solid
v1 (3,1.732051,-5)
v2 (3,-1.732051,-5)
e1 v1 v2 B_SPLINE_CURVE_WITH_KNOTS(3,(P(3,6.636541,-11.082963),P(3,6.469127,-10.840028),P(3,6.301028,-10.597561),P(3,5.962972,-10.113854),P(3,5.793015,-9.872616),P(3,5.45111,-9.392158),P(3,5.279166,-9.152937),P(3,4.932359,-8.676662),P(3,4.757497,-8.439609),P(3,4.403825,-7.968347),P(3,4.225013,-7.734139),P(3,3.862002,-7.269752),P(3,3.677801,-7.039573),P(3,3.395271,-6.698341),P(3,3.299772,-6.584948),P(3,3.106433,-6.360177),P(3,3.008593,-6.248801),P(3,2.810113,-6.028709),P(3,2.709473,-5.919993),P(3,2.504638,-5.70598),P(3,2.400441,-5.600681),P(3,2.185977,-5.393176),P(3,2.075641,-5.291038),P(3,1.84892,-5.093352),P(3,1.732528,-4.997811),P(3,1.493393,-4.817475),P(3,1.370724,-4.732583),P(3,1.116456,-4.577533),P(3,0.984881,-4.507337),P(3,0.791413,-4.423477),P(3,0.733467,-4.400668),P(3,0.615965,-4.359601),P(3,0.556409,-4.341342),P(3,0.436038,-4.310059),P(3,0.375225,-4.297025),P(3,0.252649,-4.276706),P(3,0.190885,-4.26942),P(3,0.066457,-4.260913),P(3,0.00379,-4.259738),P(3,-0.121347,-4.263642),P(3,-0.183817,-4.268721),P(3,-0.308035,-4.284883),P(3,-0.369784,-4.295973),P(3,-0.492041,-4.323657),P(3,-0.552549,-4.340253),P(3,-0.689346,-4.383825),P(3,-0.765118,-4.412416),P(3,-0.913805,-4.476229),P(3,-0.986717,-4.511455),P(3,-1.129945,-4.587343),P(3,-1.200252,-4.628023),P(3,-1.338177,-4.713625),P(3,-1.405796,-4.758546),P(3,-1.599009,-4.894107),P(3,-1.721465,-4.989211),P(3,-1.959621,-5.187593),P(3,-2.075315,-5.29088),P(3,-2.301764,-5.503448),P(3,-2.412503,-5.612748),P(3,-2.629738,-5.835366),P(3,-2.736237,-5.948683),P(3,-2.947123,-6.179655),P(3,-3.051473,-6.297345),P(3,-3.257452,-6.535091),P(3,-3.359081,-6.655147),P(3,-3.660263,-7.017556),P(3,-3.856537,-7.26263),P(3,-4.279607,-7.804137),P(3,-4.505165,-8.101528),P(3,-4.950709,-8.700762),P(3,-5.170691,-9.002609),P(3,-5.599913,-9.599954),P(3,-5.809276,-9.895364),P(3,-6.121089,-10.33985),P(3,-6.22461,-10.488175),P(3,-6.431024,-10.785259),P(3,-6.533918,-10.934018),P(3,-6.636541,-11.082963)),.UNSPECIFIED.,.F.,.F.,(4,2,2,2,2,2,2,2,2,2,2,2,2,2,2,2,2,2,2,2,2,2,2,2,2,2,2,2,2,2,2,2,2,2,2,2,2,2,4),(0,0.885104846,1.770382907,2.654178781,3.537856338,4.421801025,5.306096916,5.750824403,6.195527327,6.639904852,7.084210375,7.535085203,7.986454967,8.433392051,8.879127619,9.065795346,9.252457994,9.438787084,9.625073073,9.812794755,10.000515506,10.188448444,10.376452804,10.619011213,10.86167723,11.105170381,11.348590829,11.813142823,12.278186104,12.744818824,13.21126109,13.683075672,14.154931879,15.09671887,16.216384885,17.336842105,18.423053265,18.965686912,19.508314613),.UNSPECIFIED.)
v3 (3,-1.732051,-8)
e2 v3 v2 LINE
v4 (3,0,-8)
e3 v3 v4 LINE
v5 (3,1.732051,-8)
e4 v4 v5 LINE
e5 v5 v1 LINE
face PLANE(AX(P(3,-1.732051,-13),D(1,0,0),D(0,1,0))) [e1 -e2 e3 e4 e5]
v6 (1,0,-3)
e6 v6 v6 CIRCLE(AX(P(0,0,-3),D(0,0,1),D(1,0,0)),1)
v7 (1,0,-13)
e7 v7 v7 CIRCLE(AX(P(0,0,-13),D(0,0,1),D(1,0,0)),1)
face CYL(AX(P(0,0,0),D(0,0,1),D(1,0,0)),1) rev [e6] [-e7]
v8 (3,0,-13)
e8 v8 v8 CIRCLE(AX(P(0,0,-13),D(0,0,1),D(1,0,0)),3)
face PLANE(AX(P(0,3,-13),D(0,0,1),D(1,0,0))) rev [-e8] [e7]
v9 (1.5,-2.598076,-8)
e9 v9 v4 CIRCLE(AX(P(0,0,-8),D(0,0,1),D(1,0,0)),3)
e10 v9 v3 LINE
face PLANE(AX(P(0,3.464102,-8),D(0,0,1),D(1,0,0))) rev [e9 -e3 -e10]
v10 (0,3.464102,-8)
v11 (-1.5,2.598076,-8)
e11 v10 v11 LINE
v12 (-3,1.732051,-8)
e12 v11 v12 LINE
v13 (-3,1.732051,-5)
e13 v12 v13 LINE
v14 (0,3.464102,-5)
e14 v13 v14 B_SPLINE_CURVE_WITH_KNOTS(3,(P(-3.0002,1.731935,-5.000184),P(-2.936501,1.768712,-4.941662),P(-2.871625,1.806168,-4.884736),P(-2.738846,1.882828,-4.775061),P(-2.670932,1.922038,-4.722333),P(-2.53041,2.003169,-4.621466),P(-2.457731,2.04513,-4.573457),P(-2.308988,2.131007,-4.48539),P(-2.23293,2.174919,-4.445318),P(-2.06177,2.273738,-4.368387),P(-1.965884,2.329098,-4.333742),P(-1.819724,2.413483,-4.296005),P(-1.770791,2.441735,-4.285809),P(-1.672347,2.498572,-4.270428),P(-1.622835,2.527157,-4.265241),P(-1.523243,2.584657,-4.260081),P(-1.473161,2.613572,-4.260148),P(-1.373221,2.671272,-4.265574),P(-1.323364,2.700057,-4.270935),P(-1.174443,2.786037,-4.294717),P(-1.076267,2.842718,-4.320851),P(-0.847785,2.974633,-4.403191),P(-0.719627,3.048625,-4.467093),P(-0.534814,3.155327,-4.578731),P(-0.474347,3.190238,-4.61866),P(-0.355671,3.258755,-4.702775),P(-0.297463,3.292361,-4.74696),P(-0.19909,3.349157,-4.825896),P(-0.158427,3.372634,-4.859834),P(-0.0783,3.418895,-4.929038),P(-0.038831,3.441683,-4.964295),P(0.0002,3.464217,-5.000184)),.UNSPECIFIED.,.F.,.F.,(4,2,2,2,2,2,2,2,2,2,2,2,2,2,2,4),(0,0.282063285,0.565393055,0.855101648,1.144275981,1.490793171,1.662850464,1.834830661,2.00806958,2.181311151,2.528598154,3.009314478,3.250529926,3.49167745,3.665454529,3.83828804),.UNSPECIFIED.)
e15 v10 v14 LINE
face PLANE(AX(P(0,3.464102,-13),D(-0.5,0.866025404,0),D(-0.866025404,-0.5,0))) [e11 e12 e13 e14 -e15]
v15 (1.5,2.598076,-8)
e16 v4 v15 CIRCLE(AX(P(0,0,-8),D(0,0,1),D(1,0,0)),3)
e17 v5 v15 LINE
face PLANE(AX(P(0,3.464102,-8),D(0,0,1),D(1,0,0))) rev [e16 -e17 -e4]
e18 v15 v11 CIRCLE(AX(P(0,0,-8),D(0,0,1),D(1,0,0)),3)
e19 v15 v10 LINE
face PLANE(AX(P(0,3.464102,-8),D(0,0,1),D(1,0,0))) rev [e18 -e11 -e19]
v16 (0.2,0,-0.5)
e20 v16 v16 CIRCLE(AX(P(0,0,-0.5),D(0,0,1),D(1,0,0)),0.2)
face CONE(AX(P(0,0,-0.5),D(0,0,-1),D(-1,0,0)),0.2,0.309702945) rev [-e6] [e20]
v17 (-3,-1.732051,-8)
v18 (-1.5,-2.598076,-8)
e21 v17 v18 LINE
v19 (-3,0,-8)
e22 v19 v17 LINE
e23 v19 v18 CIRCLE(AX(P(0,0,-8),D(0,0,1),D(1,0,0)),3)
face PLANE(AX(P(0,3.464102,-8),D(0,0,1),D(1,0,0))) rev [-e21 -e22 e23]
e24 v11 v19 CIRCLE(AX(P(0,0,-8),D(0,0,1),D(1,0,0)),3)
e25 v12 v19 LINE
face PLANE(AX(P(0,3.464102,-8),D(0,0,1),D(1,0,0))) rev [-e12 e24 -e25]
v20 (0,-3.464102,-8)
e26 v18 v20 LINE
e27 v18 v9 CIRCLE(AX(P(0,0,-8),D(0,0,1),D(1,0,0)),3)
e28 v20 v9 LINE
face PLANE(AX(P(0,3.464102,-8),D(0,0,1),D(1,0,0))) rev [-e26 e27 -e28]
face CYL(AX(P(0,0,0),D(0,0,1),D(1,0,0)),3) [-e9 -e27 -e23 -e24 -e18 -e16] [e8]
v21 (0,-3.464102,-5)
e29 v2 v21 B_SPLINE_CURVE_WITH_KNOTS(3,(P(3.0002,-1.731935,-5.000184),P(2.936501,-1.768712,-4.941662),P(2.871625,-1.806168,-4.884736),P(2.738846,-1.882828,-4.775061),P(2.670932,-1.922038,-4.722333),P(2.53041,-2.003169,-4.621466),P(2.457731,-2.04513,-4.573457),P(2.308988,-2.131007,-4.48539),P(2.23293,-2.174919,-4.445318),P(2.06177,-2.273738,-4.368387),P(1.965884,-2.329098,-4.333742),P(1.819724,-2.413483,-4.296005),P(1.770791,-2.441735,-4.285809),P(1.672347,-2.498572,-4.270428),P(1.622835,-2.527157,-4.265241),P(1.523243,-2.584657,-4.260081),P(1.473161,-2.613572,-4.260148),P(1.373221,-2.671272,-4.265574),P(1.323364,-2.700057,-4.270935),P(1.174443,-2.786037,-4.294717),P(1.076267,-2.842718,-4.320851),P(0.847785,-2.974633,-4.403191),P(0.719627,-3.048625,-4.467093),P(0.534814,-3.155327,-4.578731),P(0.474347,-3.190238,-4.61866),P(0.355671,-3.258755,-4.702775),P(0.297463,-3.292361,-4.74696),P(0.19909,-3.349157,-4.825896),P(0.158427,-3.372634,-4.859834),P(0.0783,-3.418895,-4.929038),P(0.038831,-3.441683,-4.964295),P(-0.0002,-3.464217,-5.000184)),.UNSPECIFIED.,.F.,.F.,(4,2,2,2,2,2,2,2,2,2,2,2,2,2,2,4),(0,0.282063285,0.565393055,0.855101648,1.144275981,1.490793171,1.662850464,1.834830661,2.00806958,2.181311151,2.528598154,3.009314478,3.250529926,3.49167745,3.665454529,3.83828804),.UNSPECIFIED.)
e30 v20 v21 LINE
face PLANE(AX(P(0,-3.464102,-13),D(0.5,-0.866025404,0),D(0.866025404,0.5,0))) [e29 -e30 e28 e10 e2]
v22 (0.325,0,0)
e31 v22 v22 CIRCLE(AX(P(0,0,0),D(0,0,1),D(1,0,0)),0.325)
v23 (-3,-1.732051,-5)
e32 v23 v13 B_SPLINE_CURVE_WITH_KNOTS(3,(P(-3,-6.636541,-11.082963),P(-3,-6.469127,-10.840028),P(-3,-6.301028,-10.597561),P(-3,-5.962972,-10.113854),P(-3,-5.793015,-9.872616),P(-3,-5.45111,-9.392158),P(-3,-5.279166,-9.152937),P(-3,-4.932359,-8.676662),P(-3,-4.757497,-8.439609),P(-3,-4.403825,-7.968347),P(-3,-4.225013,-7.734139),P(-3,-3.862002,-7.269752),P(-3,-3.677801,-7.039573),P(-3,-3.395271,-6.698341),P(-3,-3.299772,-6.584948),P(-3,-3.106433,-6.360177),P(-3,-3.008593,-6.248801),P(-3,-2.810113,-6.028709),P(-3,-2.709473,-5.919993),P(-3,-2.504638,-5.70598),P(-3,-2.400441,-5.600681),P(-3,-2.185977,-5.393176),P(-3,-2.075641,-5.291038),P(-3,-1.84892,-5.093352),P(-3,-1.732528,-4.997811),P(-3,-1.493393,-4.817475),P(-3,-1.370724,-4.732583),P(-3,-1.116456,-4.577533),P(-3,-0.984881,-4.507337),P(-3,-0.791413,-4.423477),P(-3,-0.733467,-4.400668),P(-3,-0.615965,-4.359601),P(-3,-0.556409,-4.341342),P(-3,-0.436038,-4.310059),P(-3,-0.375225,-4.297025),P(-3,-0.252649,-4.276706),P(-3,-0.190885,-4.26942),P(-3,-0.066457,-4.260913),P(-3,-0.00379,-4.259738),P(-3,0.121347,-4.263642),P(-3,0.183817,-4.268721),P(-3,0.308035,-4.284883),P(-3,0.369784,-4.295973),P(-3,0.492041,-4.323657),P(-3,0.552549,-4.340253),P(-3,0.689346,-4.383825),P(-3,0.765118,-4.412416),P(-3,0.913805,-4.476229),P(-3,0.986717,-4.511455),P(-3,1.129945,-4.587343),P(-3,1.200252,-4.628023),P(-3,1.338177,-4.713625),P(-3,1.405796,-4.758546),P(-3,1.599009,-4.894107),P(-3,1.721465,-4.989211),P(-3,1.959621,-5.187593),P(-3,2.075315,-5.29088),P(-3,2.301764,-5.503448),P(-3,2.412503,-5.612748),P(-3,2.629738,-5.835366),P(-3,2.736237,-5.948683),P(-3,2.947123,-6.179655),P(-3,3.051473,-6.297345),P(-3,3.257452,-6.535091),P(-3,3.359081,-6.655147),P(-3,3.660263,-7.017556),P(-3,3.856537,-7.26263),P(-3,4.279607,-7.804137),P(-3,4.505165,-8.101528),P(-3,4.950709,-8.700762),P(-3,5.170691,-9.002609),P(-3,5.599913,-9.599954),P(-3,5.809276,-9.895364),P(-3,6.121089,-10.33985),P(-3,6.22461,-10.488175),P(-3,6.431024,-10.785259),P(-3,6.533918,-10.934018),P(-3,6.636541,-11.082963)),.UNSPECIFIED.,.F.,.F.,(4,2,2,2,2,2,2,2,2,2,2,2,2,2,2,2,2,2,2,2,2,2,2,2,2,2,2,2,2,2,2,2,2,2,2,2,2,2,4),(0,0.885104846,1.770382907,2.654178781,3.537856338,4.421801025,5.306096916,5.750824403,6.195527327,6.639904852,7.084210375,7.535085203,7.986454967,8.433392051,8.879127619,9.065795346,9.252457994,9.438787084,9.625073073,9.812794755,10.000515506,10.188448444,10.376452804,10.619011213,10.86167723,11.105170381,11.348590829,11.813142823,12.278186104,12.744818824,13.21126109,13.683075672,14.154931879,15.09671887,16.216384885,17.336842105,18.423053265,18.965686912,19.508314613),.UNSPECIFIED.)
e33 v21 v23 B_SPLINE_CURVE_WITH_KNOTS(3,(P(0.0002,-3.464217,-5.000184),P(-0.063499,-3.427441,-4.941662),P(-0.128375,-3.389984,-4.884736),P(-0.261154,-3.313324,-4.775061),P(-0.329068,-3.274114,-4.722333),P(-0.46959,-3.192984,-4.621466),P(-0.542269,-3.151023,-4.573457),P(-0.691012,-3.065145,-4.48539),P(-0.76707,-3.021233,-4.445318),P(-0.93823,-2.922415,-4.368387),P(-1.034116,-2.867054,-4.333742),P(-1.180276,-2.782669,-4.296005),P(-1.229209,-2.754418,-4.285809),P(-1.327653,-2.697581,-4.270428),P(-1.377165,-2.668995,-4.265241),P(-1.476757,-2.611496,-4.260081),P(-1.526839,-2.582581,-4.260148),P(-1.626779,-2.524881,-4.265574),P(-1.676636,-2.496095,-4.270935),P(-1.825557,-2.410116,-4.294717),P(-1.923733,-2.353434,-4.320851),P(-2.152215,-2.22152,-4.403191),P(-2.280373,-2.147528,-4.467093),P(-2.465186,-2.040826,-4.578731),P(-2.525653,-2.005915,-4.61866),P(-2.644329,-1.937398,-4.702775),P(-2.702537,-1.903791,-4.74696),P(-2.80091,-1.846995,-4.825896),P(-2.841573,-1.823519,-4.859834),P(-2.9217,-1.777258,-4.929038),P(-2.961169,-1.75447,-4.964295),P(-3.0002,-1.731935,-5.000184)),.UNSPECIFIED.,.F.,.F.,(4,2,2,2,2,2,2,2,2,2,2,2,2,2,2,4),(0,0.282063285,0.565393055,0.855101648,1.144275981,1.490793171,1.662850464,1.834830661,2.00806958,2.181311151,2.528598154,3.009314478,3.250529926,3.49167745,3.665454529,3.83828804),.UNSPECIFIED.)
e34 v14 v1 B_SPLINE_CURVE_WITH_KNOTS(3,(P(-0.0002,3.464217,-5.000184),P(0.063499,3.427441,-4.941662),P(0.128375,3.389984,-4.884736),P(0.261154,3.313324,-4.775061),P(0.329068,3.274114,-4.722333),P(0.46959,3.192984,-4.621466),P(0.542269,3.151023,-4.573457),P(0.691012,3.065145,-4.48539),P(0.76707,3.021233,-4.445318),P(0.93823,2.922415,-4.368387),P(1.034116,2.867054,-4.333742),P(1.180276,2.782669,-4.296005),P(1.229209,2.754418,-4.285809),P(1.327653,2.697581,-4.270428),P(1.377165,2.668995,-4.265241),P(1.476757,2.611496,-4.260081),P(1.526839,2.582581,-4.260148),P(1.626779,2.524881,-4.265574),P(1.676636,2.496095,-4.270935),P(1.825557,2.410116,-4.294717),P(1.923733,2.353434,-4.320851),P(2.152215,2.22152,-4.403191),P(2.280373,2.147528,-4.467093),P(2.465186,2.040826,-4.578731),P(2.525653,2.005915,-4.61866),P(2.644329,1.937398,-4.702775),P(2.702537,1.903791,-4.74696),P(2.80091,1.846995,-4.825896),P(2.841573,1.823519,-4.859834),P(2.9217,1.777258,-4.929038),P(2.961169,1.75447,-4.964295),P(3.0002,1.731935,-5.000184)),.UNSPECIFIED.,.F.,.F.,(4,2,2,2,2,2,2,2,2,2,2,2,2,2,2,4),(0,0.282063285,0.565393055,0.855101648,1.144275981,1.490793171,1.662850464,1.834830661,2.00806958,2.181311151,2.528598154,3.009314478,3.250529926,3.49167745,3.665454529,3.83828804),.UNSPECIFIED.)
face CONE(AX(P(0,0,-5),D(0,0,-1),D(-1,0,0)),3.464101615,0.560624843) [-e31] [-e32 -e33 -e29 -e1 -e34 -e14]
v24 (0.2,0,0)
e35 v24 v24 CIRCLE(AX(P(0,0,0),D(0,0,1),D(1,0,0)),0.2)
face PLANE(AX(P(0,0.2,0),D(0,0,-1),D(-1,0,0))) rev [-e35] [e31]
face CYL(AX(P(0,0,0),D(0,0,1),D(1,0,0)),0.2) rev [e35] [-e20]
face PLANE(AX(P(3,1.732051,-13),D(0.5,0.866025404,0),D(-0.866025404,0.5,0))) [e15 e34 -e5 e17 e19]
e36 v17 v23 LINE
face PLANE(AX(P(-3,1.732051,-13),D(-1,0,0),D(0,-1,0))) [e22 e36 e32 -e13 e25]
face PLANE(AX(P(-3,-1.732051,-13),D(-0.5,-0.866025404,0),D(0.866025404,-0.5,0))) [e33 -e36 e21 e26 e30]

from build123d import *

# Parameters (mm, degrees)
SKETCH4_OUTSIDE_W  = 12.184
SKETCH4_OUTSIDE_H  = 12.184
CUT_EXTRUDE5_DEPTH = 14


with BuildPart() as part:
    # Sketch1 → Revolve2 (revolve)
    with BuildSketch(Plane(origin=(0, 0, 0), x_dir=(0, 0, -1), z_dir=(1, 0, 0))):
        Polygon((0, 0.2), (0, 0.325), (5, 3.464101615), (8, 3.464101615), (8, 3), (13, 3), (13, 1), (3, 1), (0.5, 0.2), align=None)
    revolve(axis=Axis((0, 0, 0), (0, 0, -1)))

    # Sketch4 outside → Cut-Extrude5 (cut, through all)
    with BuildSketch(Plane.XY):
        Rectangle(SKETCH4_OUTSIDE_W, SKETCH4_OUTSIDE_H)
        Polygon((0, 3.464101615), (-3, 1.732050808), (-3, -1.732050808), (0, -3.464101615), (3, -1.732050808), (3, 1.732050808), align=None, mode=Mode.SUBTRACT)
    extrude(amount=-CUT_EXTRUDE5_DEPTH, mode=Mode.SUBTRACT)


solid = part.part
